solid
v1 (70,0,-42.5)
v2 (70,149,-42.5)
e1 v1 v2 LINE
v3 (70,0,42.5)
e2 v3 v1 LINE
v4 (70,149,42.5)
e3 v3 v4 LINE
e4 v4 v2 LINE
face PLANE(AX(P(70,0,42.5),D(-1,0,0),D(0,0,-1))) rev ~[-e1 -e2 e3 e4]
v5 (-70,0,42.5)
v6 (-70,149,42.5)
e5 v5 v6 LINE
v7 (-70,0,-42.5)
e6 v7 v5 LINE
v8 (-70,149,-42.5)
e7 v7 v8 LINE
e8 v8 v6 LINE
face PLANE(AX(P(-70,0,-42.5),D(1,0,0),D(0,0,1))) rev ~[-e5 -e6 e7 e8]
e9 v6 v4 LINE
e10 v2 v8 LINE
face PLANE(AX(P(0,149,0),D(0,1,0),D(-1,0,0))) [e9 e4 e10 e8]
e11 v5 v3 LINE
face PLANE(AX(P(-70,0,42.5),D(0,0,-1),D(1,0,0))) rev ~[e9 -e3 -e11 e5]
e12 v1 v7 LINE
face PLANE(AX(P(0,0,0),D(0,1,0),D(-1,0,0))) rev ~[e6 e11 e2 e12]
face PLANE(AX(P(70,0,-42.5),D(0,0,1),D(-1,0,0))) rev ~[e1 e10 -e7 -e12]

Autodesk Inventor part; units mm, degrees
ref_plane "YZ Plane" through (0, 0, 0) normal (1, 0, 0) x (0, 1, 0)
ref_plane "XZ Plane" through (0, 0, 0) normal (0, 1, 0) x (-1, 0, 0)
ref_plane "XY Plane" through (0, 0, 0) normal (0, 0, 1) x (1, 0, 0)
sketch "Boceto1" plane through (0, 0, 0) normal (0, 1, 0) x (-1, 0, 0)
  line L0 (-70, -42.5) -> (70, -42.5)
  line L1 (70, -42.5) -> (70, 42.5)
  line L2 (70, 42.5) -> (-70, 42.5)
  line L3 (-70, 42.5) -> (-70, -42.5)
  line L4 (-70, -42.5) -> (70, 42.5) construction
  line L5 (70, -42.5) -> (-70, 42.5) construction
  point P0 (0, 0)
  dimension "d0" = 140
  dimension "d1" = 85
extrude "Extrusión1" add sketch "Boceto1" along normal blind 149
sketch "Boceto2" plane through (70, 0, 42.5) normal (1, 0, 0) x (0, 0, -1)
  line L0 (0, 0) -> (85, 0) projected
  line L1 (85, 0) -> (85, 149) projected
  line L2 (0, 149) -> (85, 149) projected
  line L3 (0, 0) -> (0, 149) projected
  line L4 (42.5, 149) -> (42.5, 144)
  line L5 (42.5, 144) -> (42.5, 101.64)
  line L6 (42.5, 101.64) -> (82.075, 101.64)
  line L7 (82.075, 101.64) -> (2.925, 101.64)
  line L8 (2.925, 101.64) -> (2.925, 144)
  line L9 (2.925, 144) -> (82.075, 144)
  line L10 (82.075, 144) -> (82.075, 101.64)
  line L11 (78.6, 103.17) -> (6.4, 103.17)
  line L12 (6.4, 142.47) -> (78.6, 142.47)
  line L13 (78.6, 103.17) -> (6.4, 142.47) construction
  line L14 (6.4, 103.17) -> (78.6, 142.47) construction
  line L15 (78.6, 128.32) -> (80.6, 128.32)
  line L16 (80.6, 128.32) -> (80.6, 117.32)
  line L17 (80.6, 117.32) -> (78.6, 117.32)
  line L18 (6.4, 128.32) -> (4.4, 128.32)
  line L19 (4.4, 128.32) -> (4.4, 117.32)
  line L20 (4.4, 117.32) -> (6.4, 117.32)
  line L21 (6.4, 103.17) -> (6.4, 117.32)
  line L22 (6.4, 128.32) -> (6.4, 142.47)
  line L23 (78.6, 142.47) -> (78.6, 128.32)
  line L24 (78.6, 117.32) -> (78.6, 103.17)
  line L25 (85, 0) -> (85, 149) projected
  circle A0 centre (58.1, 85.17) radius 5.5
  circle A1 centre (73.5, 85.17) radius 5.5
  circle A2 centre (14, 85.17) radius 8
  circle A3 centre (14, 85.17) radius 3.5
  circle A4 centre (37.8, 85.17) radius 8
  circle A5 centre (37.8, 85.17) radius 3.5
  circle A6 centre (58.1, 85.17) radius 4
  circle A7 centre (73.5, 85.17) radius 4
  line L26 (72.4, 65.92) -> (59.2, 65.92)
  line L27 (59.2, 65.92) -> (59.2, 71.72)
  line L28 (59.2, 71.72) -> (72.4, 71.72)
  line L29 (72.4, 71.72) -> (72.4, 65.92)
  line L30 (72.4, 65.92) -> (59.2, 71.72) construction
  line L31 (59.2, 65.92) -> (72.4, 71.72) construction
  line L32 (7, 70.17) -> (43.1, 70.17)
  line L33 (43.1, 70.17) -> (43.1, 49.17)
  line L34 (43.1, 49.17) -> (7, 49.17)
  line L35 (7, 49.17) -> (7, 70.17)
  line L36 (7, 70.17) -> (43.1, 49.17)
  line L37 (42.2, 69.27) -> (7.9, 69.27)
  line L38 (7.9, 69.27) -> (7.9, 50.07)
  line L39 (7.9, 50.07) -> (42.2, 50.07)
  line L40 (42.2, 50.07) -> (42.2, 69.27)
  line L41 (42.2, 69.27) -> (7.9, 50.07) construction
  line L42 (7.9, 69.27) -> (42.2, 50.07) construction
  circle A8 centre (58.1, 31.17) radius 5.5
  circle A9 centre (73.5, 31.17) radius 5.5
  circle A10 centre (14, 31.17) radius 8
  circle A11 centre (14, 31.17) radius 3.5
  circle A12 centre (37.8, 31.17) radius 8
  circle A13 centre (37.8, 31.17) radius 3.5
  circle A14 centre (58.1, 31.17) radius 4
  circle A15 centre (73.5, 31.17) radius 4
  line L43 (28.75, 6.315) -> (13.75, 6.315)
  line L44 (13.75, 6.315) -> (13.75, 16.855)
  line L45 (13.75, 16.855) -> (28.75, 16.855)
  line L46 (28.75, 16.855) -> (28.75, 6.315)
  line L47 (28, 7.385) -> (14.5, 7.385)
  line L48 (14.5, 7.385) -> (14.5, 15.785)
  line L49 (14.5, 15.785) -> (28, 15.785)
  line L50 (28, 15.785) -> (28, 7.385)
  line L51 (72.4, 44.67) -> (72.4, 50.47)
  line L52 (59.2, 44.67) -> (72.4, 44.67)
  line L53 (59.2, 50.47) -> (72.4, 44.67) construction
  line L54 (59.2, 50.47) -> (59.2, 44.67)
  line L55 (72.4, 50.47) -> (59.2, 50.47)
  line L56 (72.4, 50.47) -> (59.2, 44.67) construction
  line L57 (14.5, 15.785) -> (28, 7.385)
  line L58 (28.75, 11.585) -> (21.25, 11.585)
  circle A16 centre (63.75, 11.585) radius 2.5
  line L59 (21.25, 11.585) -> (21.25, 0)
  line L60 (63.75, 11.585) -> (63.75, 0)
  line L61 (74.1, 64.17) -> (57.5, 64.17)
  line L62 (57.5, 64.17) -> (57.5, 73.47)
  line L63 (57.5, 73.47) -> (74.1, 73.47)
  line L64 (74.1, 73.47) -> (74.1, 64.17)
  line L65 (74.1, 64.17) -> (57.5, 73.47) construction
  line L66 (57.5, 64.17) -> (74.1, 73.47) construction
  line L67 (74.1, 42.92) -> (57.5, 42.92)
  line L68 (57.5, 42.92) -> (57.5, 52.22)
  line L69 (57.5, 52.22) -> (74.1, 52.22)
  line L70 (74.1, 52.22) -> (74.1, 42.92)
  line L71 (74.1, 42.92) -> (57.5, 52.22) construction
  line L72 (57.5, 42.92) -> (74.1, 52.22) construction
  line L73 (75.55, 62.72) -> (56.05, 62.72)
  line L74 (56.05, 62.72) -> (56.05, 74.92)
  line L75 (56.05, 74.92) -> (75.55, 74.92)
  line L76 (75.55, 74.92) -> (75.55, 62.72)
  line L77 (75.55, 62.72) -> (56.05, 74.92) construction
  line L78 (56.05, 62.72) -> (75.55, 74.92) construction
  line L79 (75.55, 41.47) -> (56.05, 41.47)
  line L80 (56.05, 41.47) -> (56.05, 53.67)
  line L81 (56.05, 53.67) -> (75.55, 53.67)
  line L82 (75.55, 53.67) -> (75.55, 41.47)
  line L83 (75.55, 41.47) -> (56.05, 53.67) construction
  line L84 (56.05, 41.47) -> (75.55, 53.67) construction
  circle A17 centre (63.75, 11.585) radius 3.2
  circle A18 centre (63.75, 11.585) radius 4.575
  line L85 (49.05, 45.17) -> (1.05, 45.17)
  line L86 (1.05, 45.17) -> (1.05, 74.17)
  line L87 (1.05, 74.17) -> (49.05, 74.17)
  line L88 (49.05, 74.17) -> (49.05, 45.17)
  line L89 (49.05, 45.17) -> (1.05, 74.17) construction
  line L90 (1.05, 45.17) -> (49.05, 74.17) construction
  point P0 (42.5, 0)
  point P1 (65.8, 68.82)
  point P2 (25.05, 59.67)
  point P3 (46.6, 31.17)
  point P4 (58.1, 35.17)
  point P5 (65.8, 47.57)
  dimension "d15" = 5
  dimension "d18" = 79.15
  dimension "d20" = 72.2
  dimension "d23" = 2
  dimension "d24" = 11
  dimension "d29" = 2
  dimension "d31" = 1.53
  dimension "d49" = 7
  dimension "d51" = 7
  dimension "d56" = 13.2
  dimension "d60" = 5.8
  dimension "d77" = 7
  dimension "d79" = 7
  dimension "d96" = 7.5
  dimension "d98" = 5
  dimension "d99" = 16.6
  dimension "d100" = 9.3
  dimension "d101" = 16.6
  dimension "d102" = 9.3
  dimension "d103" = 12.2
  dimension "d104" = 19.5
  dimension "d105" = 19.5
  dimension "d106" = 12.2
  dimension "d107" = 6.4
  dimension "d108" = 9.15
  dimension "d210" = 48
  dimension "d211" = 29
sketch "Boceto3" plane through (0, 149, 0) normal (0, 1, 0) x (1, 0, 0)
  line L0 (-70, 42.5) -> (-70, -42.5) projected
  line L1 (-70, -42.5) -> (70, -42.5) projected
  line L2 (70, -42.5) -> (70, 42.5) projected
  line L3 (70, 42.5) -> (-70, 42.5) projected
  line L4 (70, -42.5) -> (44.8, -42.5)
  line L5 (44.8, -42.5) -> (44.8, 42.5)
  line L6 (-70, -31.6) -> (44.8, -31.6)
  line L7 (-70, -12.1) -> (44.8, -12.1)
  line L8 (-70, -42.5) -> (-70, 42.5)
  line L9 (-59.5, -12.1) -> (-47.3, -12.1)
  line L10 (-58.05, -13.55) -> (-48.75, -13.55)
  line L11 (-50.5, -15.25) -> (-56.3, -28.45) construction
  line L12 (-50.5, -28.45) -> (-56.3, -15.25) construction
  line L13 (-56.3, -28.45) -> (-56.3, -15.25)
  line L14 (-58.05, -30.15) -> (-58.05, -13.55)
  line L15 (-48.75, -30.15) -> (-58.05, -13.55) construction
  line L16 (-48.75, -13.55) -> (-58.05, -30.15) construction
  line L17 (-47.3, -31.6) -> (-59.5, -31.6)
  line L18 (-59.5, -31.6) -> (-59.5, -12.1)
  line L19 (-47.3, -12.1) -> (-59.5, -31.6) construction
  line L20 (-47.3, -31.6) -> (-59.5, -12.1) construction
  line L21 (-47.3, -12.1) -> (-47.3, -31.6)
  line L22 (-48.75, -13.55) -> (-48.75, -30.15)
  line L23 (-50.5, -28.45) -> (-56.3, -28.45)
  line L24 (-56.3, -15.25) -> (-50.5, -15.25)
  line L25 (-48.75, -30.15) -> (-58.05, -30.15)
  line L26 (-50.5, -15.25) -> (-50.5, -28.45)
  line L27 (-36.8, -12.1) -> (-24.6, -12.1)
  line L28 (-35.35, -13.55) -> (-26.05, -13.55)
  line L29 (-27.8, -15.25) -> (-33.6, -28.45) construction
  line L30 (-27.8, -28.45) -> (-33.6, -15.25) construction
  line L31 (-33.6, -28.45) -> (-33.6, -15.25)
  line L32 (-35.35, -30.15) -> (-35.35, -13.55)
  line L33 (-26.05, -30.15) -> (-35.35, -13.55) construction
  line L34 (-26.05, -13.55) -> (-35.35, -30.15) construction
  line L35 (-24.6, -31.6) -> (-36.8, -31.6)
  line L36 (-36.8, -31.6) -> (-36.8, -12.1)
  line L37 (-24.6, -12.1) -> (-36.8, -31.6) construction
  line L38 (-24.6, -31.6) -> (-36.8, -12.1) construction
  line L39 (-24.6, -12.1) -> (-24.6, -31.6)
  line L40 (-26.05, -13.55) -> (-26.05, -30.15)
  line L41 (-27.8, -28.45) -> (-33.6, -28.45)
  line L42 (-33.6, -15.25) -> (-27.8, -15.25)
  line L43 (-26.05, -30.15) -> (-35.35, -30.15)
  line L44 (-27.8, -15.25) -> (-27.8, -28.45)
  line L45 (-13.8, -12.1) -> (-1.6, -12.1)
  line L46 (-12.35, -13.55) -> (-3.05, -13.55)
  line L47 (-4.8, -15.25) -> (-10.6, -28.45) construction
  line L48 (-4.8, -28.45) -> (-10.6, -15.25) construction
  line L49 (-10.6, -28.45) -> (-10.6, -15.25)
  line L50 (-12.35, -30.15) -> (-12.35, -13.55)
  line L51 (-3.05, -30.15) -> (-12.35, -13.55) construction
  line L52 (-3.05, -13.55) -> (-12.35, -30.15) construction
  line L53 (-1.6, -31.6) -> (-13.8, -31.6)
  line L54 (-13.8, -31.6) -> (-13.8, -12.1)
  line L55 (-1.6, -12.1) -> (-13.8, -31.6) construction
  line L56 (-1.6, -31.6) -> (-13.8, -12.1) construction
  line L57 (-1.6, -12.1) -> (-1.6, -31.6)
  line L58 (-3.05, -13.55) -> (-3.05, -30.15)
  line L59 (-4.8, -28.45) -> (-10.6, -28.45)
  line L60 (-10.6, -15.25) -> (-4.8, -15.25)
  line L61 (-3.05, -30.15) -> (-12.35, -30.15)
  line L62 (-4.8, -15.25) -> (-4.8, -28.45)
  circle A0 centre (-53.4, 4.3) radius 4
  circle A1 centre (-53.4, 4.3) radius 5.5
  circle A2 centre (-53.4, 19.7) radius 4
  circle A3 centre (-53.4, 19.7) radius 5.5
  circle A4 centre (-30.7, 4.3) radius 4
  circle A5 centre (-30.7, 4.3) radius 5.5
  circle A6 centre (-30.7, 19.7) radius 4
  circle A7 centre (-30.7, 19.7) radius 5.5
  circle A8 centre (-8, 4.3) radius 4
  circle A9 centre (-8, 4.3) radius 5.5
  circle A10 centre (-8, 19.7) radius 4
  circle A11 centre (-8, 19.7) radius 5.5
  line L63 (-1.6, -31.6) -> (8.9, -31.6)
  line L64 (8.9, -31.6) -> (21.1, -31.6)
  line L65 (21.1, -31.6) -> (31.6, -31.6)
  line L66 (11.6788, -28.45) -> (17.4788, -28.45)
  line L67 (17.4788, -28.45) -> (17.4788, -15.25)
  line L68 (19.2288, -13.55) -> (19.2288, -30.15)
  line L69 (20.6788, -12.1) -> (20.6788, -31.6)
  line L70 (19.2288, -30.15) -> (9.9288, -30.15)
  line L71 (20.6788, -31.6) -> (8.4788, -31.6)
  line L72 (11.6788, -15.25) -> (17.4788, -28.45) construction
  line L73 (11.6788, -28.45) -> (17.4788, -15.25) construction
  line L74 (11.6788, -15.25) -> (11.6788, -28.45)
  line L75 (9.9288, -30.15) -> (9.9288, -13.55)
  line L76 (19.2288, -30.15) -> (9.9288, -13.55) construction
  line L77 (19.2288, -13.55) -> (9.9288, -30.15) construction
  line L78 (8.4788, -31.6) -> (8.4788, -12.1)
  line L79 (20.6788, -12.1) -> (8.4788, -31.6) construction
  line L80 (20.6788, -31.6) -> (8.4788, -12.1) construction
  line L81 (17.4788, -15.25) -> (11.6788, -15.25)
  line L82 (9.9288, -13.55) -> (19.2288, -13.55)
  line L83 (8.4788, -12.1) -> (20.6788, -12.1)
  line L84 (34.8, -28.45) -> (40.6, -28.45)
  line L85 (40.6, -28.45) -> (40.6, -15.25)
  line L86 (42.35, -13.55) -> (42.35, -30.15)
  line L87 (43.8, -12.1) -> (43.8, -31.6)
  line L88 (42.35, -30.15) -> (33.05, -30.15)
  line L89 (43.8, -31.6) -> (31.6, -31.6)
  line L90 (34.8, -15.25) -> (40.6, -28.45) construction
  line L91 (34.8, -28.45) -> (40.6, -15.25) construction
  line L92 (34.8, -15.25) -> (34.8, -28.45)
  line L93 (33.05, -30.15) -> (33.05, -13.55)
  line L94 (42.35, -30.15) -> (33.05, -13.55) construction
  line L95 (42.35, -13.55) -> (33.05, -30.15) construction
  line L96 (31.6, -31.6) -> (31.6, -12.1)
  line L97 (43.8, -12.1) -> (31.6, -31.6) construction
  line L98 (43.8, -31.6) -> (31.6, -12.1) construction
  line L99 (40.6, -15.25) -> (34.8, -15.25)
  line L100 (33.05, -13.55) -> (42.35, -13.55)
  line L101 (31.6, -12.1) -> (43.8, -12.1)
  line L102 (42.35, 30.15) -> (42.35, 13.55)
  line L103 (43.8, 31.6) -> (43.8, 12.1)
  line L104 (42.35, 13.55) -> (33.05, 13.55)
  line L105 (43.8, 12.1) -> (31.6, 12.1)
  line L106 (33.05, 13.55) -> (33.05, 30.15)
  line L107 (42.35, 13.55) -> (33.05, 30.15) construction
  line L108 (42.35, 30.15) -> (33.05, 13.55) construction
  line L109 (31.6, 12.1) -> (31.6, 31.6)
  line L110 (43.8, 31.6) -> (31.6, 12.1) construction
  line L111 (43.8, 12.1) -> (31.6, 31.6) construction
  line L112 (33.05, 30.15) -> (42.35, 30.15)
  line L113 (31.6, 31.6) -> (43.8, 31.6)
  line L114 (19.2288, 30.15) -> (19.2288, 13.55)
  line L115 (20.6788, 31.6) -> (20.6788, 12.1)
  line L116 (19.2288, 13.55) -> (9.9288, 13.55)
  line L117 (20.6788, 12.1) -> (8.4788, 12.1)
  line L118 (9.9288, 13.55) -> (9.9288, 30.15)
  line L119 (19.2288, 13.55) -> (9.9288, 30.15) construction
  line L120 (19.2288, 30.15) -> (9.9288, 13.55) construction
  line L121 (8.4788, 12.1) -> (8.4788, 31.6)
  line L122 (20.6788, 31.6) -> (8.4788, 12.1) construction
  line L123 (20.6788, 12.1) -> (8.4788, 31.6) construction
  line L124 (9.9288, 30.15) -> (19.2288, 30.15)
  line L125 (8.4788, 31.6) -> (20.6788, 31.6)
  line L126 (-70, 25.2) -> (-70, 42.5)
  point P0 (0, 0)
  point P1 (-53.4, -21.85)
  point P2 (-30.7, -21.85)
  point P3 (-7.7, -21.85)
  point P4 (14.5788, -21.85)
  point P5 (37.7, -21.85)
  point P6 (37.7, 21.85)
  point P7 (14.5788, 21.85)
  point P8 (-53.4, -12.1)
  dimension "d119" = 25.2
  dimension "d124" = 19.5
  dimension "d141" = 13.2
  dimension "d142" = 5.8
  dimension "d144" = 9.3
  dimension "d145" = 12.2
  dimension "d146" = 19.5
  dimension "d147" = 13.2
  dimension "d148" = 5.8
  dimension "d149" = 16.6
  dimension "d150" = 9.3
  dimension "d151" = 12.2
  dimension "d152" = 19.5
  dimension "d162" = 10.8
  dimension "d176" = 10.5
  dimension "d177" = 12.2
  dimension "d179" = 16.6
  dimension "d180" = 9.3
  dimension "d181" = 19.5
  dimension "d182" = 12.2
  dimension "d183" = 16.6
  dimension "d184" = 9.3
  dimension "d185" = 19.5
  dimension "d186" = 12.2
  dimension "d187" = 16.6
  dimension "d188" = 9.3
  dimension "d189" = 19.5
  dimension "d190" = 12.2
  dimension "d191" = 16.6
  dimension "d192" = 9.3
  dimension "d193" = 19.5
  dimension "d194" = 12.2
  dimension "d201" = 10.9
  dimension "d202" = 10.9
  dimension "d203" = 10.9
sketch "Boceto5" plane through (0, 149, 0) normal (0, 1, 0) x (1, 0, 0)
  line L0 (-70, 42.5) -> (-70, -42.5)
  line L1 (-70, 42.5) -> (-70, -42.5)
  line L2 (-70, -42.5) -> (70, -42.5)
  line L3 (-70, -42.5) -> (70, -42.5)
  line L4 (70, 42.5) -> (-70, 42.5)
  line L5 (70, 42.5) -> (-70, 42.5)
  line L6 (-70, 42.5) -> (-70, -42.5)
  line L7 (70, 42.5) -> (-70, 42.5)
  line L8 (-70, -42.5) -> (70, -42.5)
  line L9 (-70, 42.5) -> (-70, -42.5)
  line L10 (-70, -42.5) -> (70, -42.5)
  line L11 (70, 42.5) -> (-70, 42.5)
  line L12 (-70, 42.5) -> (-70, -42.5)
  line L13 (-70, 42.5) -> (-70, -42.5)
  line L14 (-70, -42.5) -> (70, -42.5)
  line L15 (-70, -42.5) -> (70, -42.5)
  line L16 (70, 42.5) -> (-70, 42.5)
  line L17 (70, 42.5) -> (-70, 42.5)
  line L18 (-70, -42.5) -> (70, -42.5)
  line L19 (70, 42.5) -> (-70, 42.5)
  line L20 (44.8, -42.5) -> (44.8, 42.5)
  line L21 (-70, 42.5) -> (-70, -42.5)
  line L22 (-70, -42.5) -> (-70, 42.5)
  line L23 (-70, 25.2) -> (-70, 42.5)
  line L24 (70, -42.5) -> (44.8, -42.5)
  line L25 (44.8, -42.5) -> (44.8, 42.5)
  circle A0 centre (-53.4, 71) radius 4
  circle A1 centre (-53.4, 71) radius 5.5
  line L26 (-70, -42.5) -> (-70, -24.3)
  line L27 (-70, 42.5) -> (-70, 24.3)
  circle A2 centre (-53.4, 20.3) radius 4
  circle A3 centre (-53.4, 20.3) radius 5.5 construction
  circle A4 centre (-30.7, 20.3) radius 4
  circle A5 centre (-30.7, 20.3) radius 5.5 construction
  circle A6 centre (-8, 20.3) radius 4
  circle A7 centre (-8, 20.3) radius 5.5 construction
  circle A8 centre (14.7, 20.3) radius 4
  circle A9 centre (14.7, 20.3) radius 5.5 construction
  circle A10 centre (37.4, 20.3) radius 4
  line L28 (-61.8165, 40.0405) -> (-42.6105, 40.0405) construction
  line L29 (-42.6105, 40.0405) -> (-42.6105, 31.8343) construction
  line L30 (-42.6105, 31.8343) -> (-61.8165, 31.8343) construction
  line L31 (-61.8165, 31.8343) -> (-61.8165, 40.0405) construction
  line L32 (-37.7217, 40.2151) -> (-19.0395, 40.2151) construction
  line L33 (-19.0395, 40.2151) -> (-19.0395, 32.7073) construction
  line L34 (-19.0395, 32.7073) -> (-37.7217, 32.7073) construction
  line L35 (-37.7217, 32.7073) -> (-37.7217, 40.2151) construction
  line L36 (-15.7221, 40.7389) -> (2.7855, 40.7389) construction
  line L37 (2.7855, 40.7389) -> (2.7855, 32.5327) construction
  line L38 (2.7855, 32.5327) -> (-15.7221, 32.5327) construction
  line L39 (-15.7221, 32.5327) -> (-15.7221, 40.7389) construction
  line L40 (6.9759, 40.5643) -> (26.1819, 40.5643) construction
  line L41 (26.1819, 40.5643) -> (26.1819, 32.1835) construction
  line L42 (26.1819, 32.1835) -> (6.9759, 32.1835) construction
  line L43 (6.9759, 32.1835) -> (6.9759, 40.5643) construction
  line L44 (29.8485, 39.6913) -> (42.7689, 39.6913) construction
  line L45 (42.7689, 39.6913) -> (42.7689, 32.0089) construction
  line L46 (42.7689, 32.0089) -> (29.8485, 32.0089) construction
  line L47 (29.8485, 32.0089) -> (29.8485, 39.6913) construction
  line L48 (-60.4197, -30.4979) -> (-46.4517, -30.4979) construction
  line L49 (-46.4517, -30.4979) -> (-46.4517, -37.6565) construction
  line L50 (-46.4517, -37.6565) -> (-60.4197, -37.6565) construction
  line L51 (-60.4197, -37.6565) -> (-60.4197, -30.4979) construction
  line L52 (-40.1661, -26.4821) -> (-17.6427, -26.4821) construction
  line L53 (-17.6427, -26.4821) -> (-17.6427, -37.6565) construction
  line L54 (-17.6427, -37.6565) -> (-40.1661, -37.6565) construction
  line L55 (-40.1661, -37.6565) -> (-40.1661, -26.4821) construction
  line L56 (-13.9761, -27.3551) -> (10.8171, -27.3551) construction
  line L57 (10.8171, -27.3551) -> (10.8171, -36.0851) construction
  line L58 (10.8171, -36.0851) -> (-13.9761, -36.0851) construction
  line L59 (-13.9761, -36.0851) -> (-13.9761, -27.3551) construction
  line L60 (8.8965, -26.3075) -> (26.8803, -26.3075) construction
  line L61 (26.8803, -26.3075) -> (26.8803, -35.2121) construction
  line L62 (26.8803, -35.2121) -> (8.8965, -35.2121) construction
  line L63 (8.8965, -35.2121) -> (8.8965, -26.3075) construction
  line L64 (24.7851, -25.9583) -> (44.6895, -25.9583) construction
  line L65 (44.6895, -25.9583) -> (44.6895, -35.2121) construction
  line L66 (44.6895, -35.2121) -> (24.7851, -35.2121) construction
  line L67 (24.7851, -35.2121) -> (24.7851, -25.9583) construction
  line L68 (-47.025, -4.675) -> (-59.775, -4.675) construction
  line L69 (-59.775, -4.675) -> (-59.775, -24.425) construction
  line L70 (-59.775, -24.425) -> (-47.025, -24.425) construction
  line L71 (-47.025, -24.425) -> (-47.025, -4.675) construction
  line L72 (-47.025, -24.425) -> (-59.775, -4.675) construction
  line L73 (-48.65, -6.05) -> (-58.15, -6.05)
  line L74 (-58.15, -6.05) -> (-58.15, -23.05)
  line L75 (-58.15, -23.05) -> (-48.65, -23.05)
  line L76 (-48.65, -23.05) -> (-48.65, -6.05)
  line L77 (-48.65, -6.05) -> (-58.15, -23.05) construction
  line L78 (-58.15, -6.05) -> (-48.65, -23.05) construction
  line L79 (-24.325, -4.675) -> (-37.075, -4.675) construction
  line L80 (-37.075, -4.675) -> (-37.075, -24.425) construction
  line L81 (-37.075, -24.425) -> (-24.325, -24.425) construction
  line L82 (-24.325, -24.425) -> (-24.325, -4.675) construction
  line L83 (-24.325, -24.425) -> (-37.075, -4.675) construction
  line L84 (-25.95, -6.05) -> (-35.45, -6.05)
  line L85 (-35.45, -6.05) -> (-35.45, -23.05)
  line L86 (-35.45, -23.05) -> (-25.95, -23.05)
  line L87 (-25.95, -23.05) -> (-25.95, -6.05)
  line L88 (-25.95, -6.05) -> (-35.45, -23.05) construction
  line L89 (-35.45, -6.05) -> (-25.95, -23.05) construction
  line L90 (-1.625, -4.675) -> (-14.375, -4.675) construction
  line L91 (-14.375, -4.675) -> (-14.375, -24.425) construction
  line L92 (-14.375, -24.425) -> (-1.625, -24.425) construction
  line L93 (-1.625, -24.425) -> (-1.625, -4.675) construction
  line L94 (-1.625, -24.425) -> (-14.375, -4.675) construction
  line L95 (-3.25, -6.05) -> (-12.75, -6.05)
  line L96 (-12.75, -6.05) -> (-12.75, -23.05)
  line L97 (-12.75, -23.05) -> (-3.25, -23.05)
  line L98 (-3.25, -23.05) -> (-3.25, -6.05)
  line L99 (-3.25, -6.05) -> (-12.75, -23.05) construction
  line L100 (-12.75, -6.05) -> (-3.25, -23.05) construction
  line L101 (21.075, -4.675) -> (8.325, -4.675) construction
  line L102 (8.325, -4.675) -> (8.325, -24.425) construction
  line L103 (8.325, -24.425) -> (21.075, -24.425) construction
  line L104 (21.075, -24.425) -> (21.075, -4.675) construction
  line L105 (21.075, -24.425) -> (8.325, -4.675) construction
  line L106 (19.45, -6.05) -> (9.95, -6.05)
  line L107 (9.95, -6.05) -> (9.95, -23.05)
  line L108 (9.95, -23.05) -> (19.45, -23.05)
  line L109 (19.45, -23.05) -> (19.45, -6.05)
  line L110 (19.45, -6.05) -> (9.95, -23.05) construction
  line L111 (9.95, -6.05) -> (19.45, -23.05) construction
  line L112 (43.775, -4.675) -> (31.025, -4.675) construction
  line L113 (31.025, -4.675) -> (31.025, -24.425) construction
  line L114 (31.025, -24.425) -> (43.775, -24.425) construction
  line L115 (43.775, -24.425) -> (43.775, -4.675) construction
  line L116 (43.775, -24.425) -> (31.025, -4.675) construction
  line L117 (42.15, -6.05) -> (32.65, -6.05)
  line L118 (32.65, -6.05) -> (32.65, -23.05)
  line L119 (32.65, -23.05) -> (42.15, -23.05)
  line L120 (42.15, -23.05) -> (42.15, -6.05)
  line L121 (42.15, -6.05) -> (32.65, -23.05) construction
  line L122 (32.65, -6.05) -> (42.15, -23.05) construction
  point P0 (70, 39.575)
  point P1 (70, 36.1)
  point P2 (70, 36.1)
  point P3 (70, 38.1)
  point P4 (70, 36.1)
  point P5 (70, 38.1)
  point P6 (70, 36.1)
  point P7 (70, 39.575)
  point P8 (70, -32)
  point P9 (70, -25)
  point P10 (70, -36.5)
  point P11 (70, -20.5)
  point P12 (70, -12.7)
  point P13 (70, 3.3)
  point P14 (70, 0.6)
  point P15 (70, -0.3)
  point P16 (70, -8.2)
  point P17 (70, -1.2)
  point P18 (70, 6.55)
  point P19 (70, -0.3)
  point P20 (70, 0.6)
  point P21 (70, 6.55)
  point P22 (70, -34.6)
  point P23 (70, -35.5)
  point P24 (70, -34.6)
  point P25 (70, -35.5)
  point P26 (70, -41.45)
  point P27 (70, -41.45)
  point P28 (70, 10.1)
  point P29 (70, 21.1)
  point P30 (70, 25.5)
  point P31 (70, 36.5)
  point P32 (70, 11.6)
  point P33 (70, 19.6)
  point P34 (70, 27)
  point P35 (70, 35)
  point P36 (70, 15)
  point P37 (70, 31.6)
  point P38 (70, 15)
  point P39 (70, 31.6)
  point P40 (70, 13.55)
  point P41 (70, 13.55)
  point P42 (70, 33.05)
  point P43 (70, 33.05)
  point P44 (70, 15)
  point P45 (70, 31.6)
  point P46 (70, 29.9)
  point P47 (70, 16.7)
  point P48 (70, 16.7)
  point P49 (70, 29.9)
  point P50 (70, 29.9)
  point P51 (70, 16.7)
  point P52 (70, 29.9)
  point P53 (70, 16.7)
  point P54 (70, 13.55)
  point P55 (70, 33.05)
  point P56 (70, 15)
  point P57 (70, 31.6)
  point P58 (70, 33.05)
  point P59 (70, 13.55)
  point P60 (70, 0)
  point P61 (70, -36.1)
  point P62 (70, -39.575)
  point P63 (70, -36.1)
  point P64 (70, -38.1)
  point P65 (70, -38.1)
  point P66 (70, -36.1)
  point P67 (70, -36.1)
  point P68 (70, -39.575)
  point P69 (70, -13.75)
  point P70 (70, -13.75)
  point P71 (70, -13.75)
  point P72 (70, -14.5)
  point P73 (70, -14.5)
  point P74 (70, -21.25)
  point P75 (70, -28)
  point P76 (70, -28.75)
  point P77 (70, -28)
  point P78 (70, -28.75)
  point P79 (0, 0)
  point P80 (-70, -12.1)
  point P81 (-59.5, -12.1)
  point P82 (-47.3, -12.1)
  point P83 (-30.7, -14.55)
  point P84 (-53.4, -14.55)
  point P85 (-8, -14.55)
  point P86 (-30.7, -14.55)
  point P87 (14.7, -14.55)
  point P88 (-8, -14.55)
  point P89 (37.4, -14.55)
  point P90 (14.7, -14.55)
  point P91 (60.1, -14.55)
  point P92 (37.4, -14.55)
  dimension "d215" = 85
  dimension "d218" = 18.2
  dimension "d219" = 18.2
  dimension "d225" = 11
  dimension "d226" = 11
  dimension "d227" = 11
  dimension "d228" = 11
  dimension "d237" = 12.75
  dimension "d238" = 19.75
  dimension "d240" = 9.5
  dimension "d241" = 17
  dimension "d246" = 12.75
  dimension "d247" = 19.75
  dimension "d248" = 9.5
  dimension "d249" = 17
  dimension "d250" = 12.75
  dimension "d251" = 19.75
  dimension "d252" = 9.5
  dimension "d253" = 17
  dimension "d254" = 12.75
  dimension "d255" = 19.75
  dimension "d256" = 9.5
  dimension "d257" = 17
  dimension "d258" = 12.75
  dimension "d259" = 19.75
  dimension "d260" = 9.5
  dimension "d261" = 17
  dimension "d262" = 11.85
  dimension "d263" = 13.2
  dimension "d264" = 13.2
  dimension "d265" = 19.45
  dimension "d266" = 36.45
  dimension "d267" = 21.35
  dimension "d268" = 34.55
  dimension "d269" = 44.05
  dimension "d270" = 57.25
  dimension "d271" = 66.75
  dimension "d272" = 79.95
  dimension "d273" = 89.45
  dimension "d274" = 102.65
  dimension "d275" = 112.15
  dimension "d276" = 16.6
  dimension "d277" = 22.2
  dimension "d278" = 22.7
properties part number "Carcasa"
